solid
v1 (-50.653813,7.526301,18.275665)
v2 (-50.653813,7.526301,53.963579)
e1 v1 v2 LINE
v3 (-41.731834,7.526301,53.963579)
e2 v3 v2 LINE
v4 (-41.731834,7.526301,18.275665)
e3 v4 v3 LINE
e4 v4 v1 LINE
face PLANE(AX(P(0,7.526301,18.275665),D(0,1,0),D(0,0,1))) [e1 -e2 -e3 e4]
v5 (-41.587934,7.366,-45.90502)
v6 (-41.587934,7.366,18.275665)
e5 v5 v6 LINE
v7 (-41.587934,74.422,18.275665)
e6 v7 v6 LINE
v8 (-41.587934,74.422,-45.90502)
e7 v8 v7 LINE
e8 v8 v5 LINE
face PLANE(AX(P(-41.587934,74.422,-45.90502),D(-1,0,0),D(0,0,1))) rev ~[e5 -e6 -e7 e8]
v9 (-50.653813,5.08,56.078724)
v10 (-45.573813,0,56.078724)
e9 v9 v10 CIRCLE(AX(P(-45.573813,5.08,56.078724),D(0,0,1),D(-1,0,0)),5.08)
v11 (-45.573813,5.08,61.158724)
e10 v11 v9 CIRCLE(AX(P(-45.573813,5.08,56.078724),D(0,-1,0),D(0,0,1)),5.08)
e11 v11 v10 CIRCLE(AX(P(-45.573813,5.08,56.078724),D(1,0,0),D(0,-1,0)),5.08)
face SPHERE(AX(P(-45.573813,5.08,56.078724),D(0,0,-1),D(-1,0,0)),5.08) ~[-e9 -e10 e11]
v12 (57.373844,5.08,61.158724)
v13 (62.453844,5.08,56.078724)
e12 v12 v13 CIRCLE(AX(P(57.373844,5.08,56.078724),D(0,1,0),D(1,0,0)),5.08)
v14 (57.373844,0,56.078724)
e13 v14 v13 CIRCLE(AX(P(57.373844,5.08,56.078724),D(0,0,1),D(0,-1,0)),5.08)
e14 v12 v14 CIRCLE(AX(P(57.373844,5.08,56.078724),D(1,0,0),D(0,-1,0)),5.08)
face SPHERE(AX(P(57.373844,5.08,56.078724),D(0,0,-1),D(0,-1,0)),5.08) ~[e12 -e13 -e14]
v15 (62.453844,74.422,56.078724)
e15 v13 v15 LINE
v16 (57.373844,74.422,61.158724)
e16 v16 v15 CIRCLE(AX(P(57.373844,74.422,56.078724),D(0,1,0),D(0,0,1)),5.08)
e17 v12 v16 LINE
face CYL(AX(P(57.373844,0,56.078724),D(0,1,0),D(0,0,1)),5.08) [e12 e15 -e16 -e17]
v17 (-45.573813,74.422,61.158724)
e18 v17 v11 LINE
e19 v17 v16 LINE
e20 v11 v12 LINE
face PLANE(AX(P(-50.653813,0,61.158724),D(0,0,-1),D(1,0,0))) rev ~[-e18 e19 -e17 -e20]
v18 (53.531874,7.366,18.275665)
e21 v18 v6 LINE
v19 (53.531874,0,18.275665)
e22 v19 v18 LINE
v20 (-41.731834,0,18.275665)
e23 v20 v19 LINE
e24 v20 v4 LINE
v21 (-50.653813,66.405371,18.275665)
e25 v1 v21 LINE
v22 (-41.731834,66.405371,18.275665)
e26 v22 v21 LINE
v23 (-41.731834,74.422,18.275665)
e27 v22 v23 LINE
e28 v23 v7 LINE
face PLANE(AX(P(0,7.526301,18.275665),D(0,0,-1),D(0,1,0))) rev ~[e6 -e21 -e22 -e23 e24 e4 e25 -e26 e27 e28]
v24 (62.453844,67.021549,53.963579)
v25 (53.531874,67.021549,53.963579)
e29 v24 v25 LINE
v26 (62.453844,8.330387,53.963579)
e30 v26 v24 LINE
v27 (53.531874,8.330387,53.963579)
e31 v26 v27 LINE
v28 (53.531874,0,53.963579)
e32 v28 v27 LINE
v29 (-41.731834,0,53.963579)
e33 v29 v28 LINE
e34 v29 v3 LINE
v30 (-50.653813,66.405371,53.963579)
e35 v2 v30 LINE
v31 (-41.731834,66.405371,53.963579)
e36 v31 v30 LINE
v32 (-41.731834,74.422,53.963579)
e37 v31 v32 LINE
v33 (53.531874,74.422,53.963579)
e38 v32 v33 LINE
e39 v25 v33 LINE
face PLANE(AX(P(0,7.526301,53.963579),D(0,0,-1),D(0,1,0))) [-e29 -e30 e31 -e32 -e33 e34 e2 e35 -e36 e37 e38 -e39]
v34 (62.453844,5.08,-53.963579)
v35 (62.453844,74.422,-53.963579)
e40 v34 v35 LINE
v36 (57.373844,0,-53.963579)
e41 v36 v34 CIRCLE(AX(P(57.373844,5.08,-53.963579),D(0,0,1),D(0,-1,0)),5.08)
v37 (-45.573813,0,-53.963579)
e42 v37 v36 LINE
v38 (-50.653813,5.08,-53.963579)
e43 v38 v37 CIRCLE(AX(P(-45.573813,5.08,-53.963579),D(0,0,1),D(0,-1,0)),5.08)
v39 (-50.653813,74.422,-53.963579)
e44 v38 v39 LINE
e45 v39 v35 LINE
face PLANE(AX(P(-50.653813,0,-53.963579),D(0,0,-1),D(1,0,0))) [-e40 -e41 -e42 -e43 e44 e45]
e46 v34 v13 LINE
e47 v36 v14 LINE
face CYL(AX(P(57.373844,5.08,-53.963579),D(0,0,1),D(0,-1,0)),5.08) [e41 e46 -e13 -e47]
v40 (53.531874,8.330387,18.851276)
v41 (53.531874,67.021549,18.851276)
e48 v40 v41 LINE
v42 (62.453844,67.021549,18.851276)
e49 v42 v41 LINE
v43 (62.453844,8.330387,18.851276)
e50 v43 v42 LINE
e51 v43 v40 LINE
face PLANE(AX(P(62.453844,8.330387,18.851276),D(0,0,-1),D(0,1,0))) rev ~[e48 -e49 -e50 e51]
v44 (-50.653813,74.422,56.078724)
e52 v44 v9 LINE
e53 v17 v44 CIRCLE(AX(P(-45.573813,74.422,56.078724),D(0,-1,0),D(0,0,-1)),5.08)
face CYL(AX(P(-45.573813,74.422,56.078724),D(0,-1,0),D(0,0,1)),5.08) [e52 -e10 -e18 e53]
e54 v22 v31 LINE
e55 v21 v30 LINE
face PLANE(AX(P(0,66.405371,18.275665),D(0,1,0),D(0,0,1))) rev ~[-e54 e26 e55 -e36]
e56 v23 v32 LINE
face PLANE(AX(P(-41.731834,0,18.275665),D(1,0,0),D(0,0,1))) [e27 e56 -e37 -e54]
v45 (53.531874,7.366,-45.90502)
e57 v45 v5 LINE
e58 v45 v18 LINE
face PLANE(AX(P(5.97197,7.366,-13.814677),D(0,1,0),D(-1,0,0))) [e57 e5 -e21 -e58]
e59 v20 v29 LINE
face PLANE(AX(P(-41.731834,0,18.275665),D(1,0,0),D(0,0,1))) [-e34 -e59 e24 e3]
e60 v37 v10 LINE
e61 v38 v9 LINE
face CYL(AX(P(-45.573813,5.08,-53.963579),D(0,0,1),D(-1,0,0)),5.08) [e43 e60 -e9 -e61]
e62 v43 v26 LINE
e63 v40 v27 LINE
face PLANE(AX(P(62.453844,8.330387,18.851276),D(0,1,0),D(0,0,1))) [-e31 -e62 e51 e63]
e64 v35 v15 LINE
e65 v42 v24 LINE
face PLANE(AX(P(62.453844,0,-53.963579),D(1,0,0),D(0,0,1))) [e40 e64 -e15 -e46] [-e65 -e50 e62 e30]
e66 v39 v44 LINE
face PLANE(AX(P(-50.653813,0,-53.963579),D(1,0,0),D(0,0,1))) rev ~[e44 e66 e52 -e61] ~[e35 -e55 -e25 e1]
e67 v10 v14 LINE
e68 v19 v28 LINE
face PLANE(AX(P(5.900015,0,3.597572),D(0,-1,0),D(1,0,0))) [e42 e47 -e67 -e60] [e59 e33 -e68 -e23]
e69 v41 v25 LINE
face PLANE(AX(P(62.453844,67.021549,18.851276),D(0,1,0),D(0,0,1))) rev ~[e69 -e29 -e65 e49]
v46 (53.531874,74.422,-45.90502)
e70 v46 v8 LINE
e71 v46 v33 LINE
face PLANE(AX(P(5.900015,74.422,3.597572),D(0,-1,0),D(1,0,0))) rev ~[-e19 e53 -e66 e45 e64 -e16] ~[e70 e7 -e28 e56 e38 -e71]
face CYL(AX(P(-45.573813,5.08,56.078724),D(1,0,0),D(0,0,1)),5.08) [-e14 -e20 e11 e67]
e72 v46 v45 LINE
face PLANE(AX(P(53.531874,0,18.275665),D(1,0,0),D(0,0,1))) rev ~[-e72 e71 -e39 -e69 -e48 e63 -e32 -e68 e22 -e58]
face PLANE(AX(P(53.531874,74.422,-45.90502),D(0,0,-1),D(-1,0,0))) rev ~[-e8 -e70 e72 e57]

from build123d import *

# Parameters (mm, degrees)
F0_W     = 113.10765706
F0_H     = 115.1223033667
F1_DEPTH = 74.422
F2_W     = 95.2637083828
F2_H     = 35.6879141182
F3_DEPTH = 127.762
F4_W     = 58.8790695183
F4_H     = 35.6879141182
F5_DEPTH = 78.486
F6_W     = 58.6911616847
F6_H     = 35.1123027503
F7_DEPTH = 72.898
F8_W     = 95.1198078692
F8_H     = 64.1806852072
F9_DEPTH = 67.056
F10_R    = 5.08
F11_R    = 5.08


with BuildPart() as f1:
    # F0 (on Front) → F1 (new body)
    with BuildSketch(Plane.XZ):
        with Locations((5.9000151232, 3.5975724459)):
            Rectangle(F0_W, F0_H)
    extrude(amount=-F1_DEPTH)

    # F2 (on Front) → F3 (cut)
    with BuildSketch(Plane.XZ):
        with Locations((5.9000197798, 36.1196221784)):
            Rectangle(F2_W, F2_H)
    extrude(amount=-F3_DEPTH, mode=Mode.SUBTRACT)

    # F4 (on Right) → F5 (cut)
    with BuildSketch(Plane.YZ):
        with Locations((36.9658360723, 36.1196221784)):
            Rectangle(F4_W, F4_H)
    extrude(amount=-F5_DEPTH, mode=Mode.SUBTRACT)

    # F6 (on face) → F7 (cut)
    with BuildSketch(Plane.YZ.offset(62.4538436532)):
        with Locations((37.6759679057, 36.4074278623)):
            Rectangle(F6_W, F6_H)
    extrude(amount=-F7_DEPTH, mode=Mode.SUBTRACT)

    # F8 (on face) → F9 (cut)
    with BuildSketch(Plane(origin=(0, 74.422, 0), x_dir=(-1, 0, 0), z_dir=(0, 1, 0))):
        with Locations((-5.9719700366, -13.8146774843)):
            Rectangle(F8_W, F8_H)
    extrude(amount=-F9_DEPTH, mode=Mode.SUBTRACT)

    # F10
    f10_edges = [f1.edges().sort_by_distance(p)[0] for p in [
        (-50.653813, 0, 3.597572),
    ]]
    fillet(f10_edges, radius=F10_R)

    # F11
    f11_edges = [f1.edges().sort_by_distance(p)[0] for p in [
        (62.453844, 0, 3.597572),
        (8.440015, 0, 61.158724),
        (62.453844, 37.211, 61.158724),
    ]]
    fillet(f11_edges, radius=F11_R)


solid = f1.part
